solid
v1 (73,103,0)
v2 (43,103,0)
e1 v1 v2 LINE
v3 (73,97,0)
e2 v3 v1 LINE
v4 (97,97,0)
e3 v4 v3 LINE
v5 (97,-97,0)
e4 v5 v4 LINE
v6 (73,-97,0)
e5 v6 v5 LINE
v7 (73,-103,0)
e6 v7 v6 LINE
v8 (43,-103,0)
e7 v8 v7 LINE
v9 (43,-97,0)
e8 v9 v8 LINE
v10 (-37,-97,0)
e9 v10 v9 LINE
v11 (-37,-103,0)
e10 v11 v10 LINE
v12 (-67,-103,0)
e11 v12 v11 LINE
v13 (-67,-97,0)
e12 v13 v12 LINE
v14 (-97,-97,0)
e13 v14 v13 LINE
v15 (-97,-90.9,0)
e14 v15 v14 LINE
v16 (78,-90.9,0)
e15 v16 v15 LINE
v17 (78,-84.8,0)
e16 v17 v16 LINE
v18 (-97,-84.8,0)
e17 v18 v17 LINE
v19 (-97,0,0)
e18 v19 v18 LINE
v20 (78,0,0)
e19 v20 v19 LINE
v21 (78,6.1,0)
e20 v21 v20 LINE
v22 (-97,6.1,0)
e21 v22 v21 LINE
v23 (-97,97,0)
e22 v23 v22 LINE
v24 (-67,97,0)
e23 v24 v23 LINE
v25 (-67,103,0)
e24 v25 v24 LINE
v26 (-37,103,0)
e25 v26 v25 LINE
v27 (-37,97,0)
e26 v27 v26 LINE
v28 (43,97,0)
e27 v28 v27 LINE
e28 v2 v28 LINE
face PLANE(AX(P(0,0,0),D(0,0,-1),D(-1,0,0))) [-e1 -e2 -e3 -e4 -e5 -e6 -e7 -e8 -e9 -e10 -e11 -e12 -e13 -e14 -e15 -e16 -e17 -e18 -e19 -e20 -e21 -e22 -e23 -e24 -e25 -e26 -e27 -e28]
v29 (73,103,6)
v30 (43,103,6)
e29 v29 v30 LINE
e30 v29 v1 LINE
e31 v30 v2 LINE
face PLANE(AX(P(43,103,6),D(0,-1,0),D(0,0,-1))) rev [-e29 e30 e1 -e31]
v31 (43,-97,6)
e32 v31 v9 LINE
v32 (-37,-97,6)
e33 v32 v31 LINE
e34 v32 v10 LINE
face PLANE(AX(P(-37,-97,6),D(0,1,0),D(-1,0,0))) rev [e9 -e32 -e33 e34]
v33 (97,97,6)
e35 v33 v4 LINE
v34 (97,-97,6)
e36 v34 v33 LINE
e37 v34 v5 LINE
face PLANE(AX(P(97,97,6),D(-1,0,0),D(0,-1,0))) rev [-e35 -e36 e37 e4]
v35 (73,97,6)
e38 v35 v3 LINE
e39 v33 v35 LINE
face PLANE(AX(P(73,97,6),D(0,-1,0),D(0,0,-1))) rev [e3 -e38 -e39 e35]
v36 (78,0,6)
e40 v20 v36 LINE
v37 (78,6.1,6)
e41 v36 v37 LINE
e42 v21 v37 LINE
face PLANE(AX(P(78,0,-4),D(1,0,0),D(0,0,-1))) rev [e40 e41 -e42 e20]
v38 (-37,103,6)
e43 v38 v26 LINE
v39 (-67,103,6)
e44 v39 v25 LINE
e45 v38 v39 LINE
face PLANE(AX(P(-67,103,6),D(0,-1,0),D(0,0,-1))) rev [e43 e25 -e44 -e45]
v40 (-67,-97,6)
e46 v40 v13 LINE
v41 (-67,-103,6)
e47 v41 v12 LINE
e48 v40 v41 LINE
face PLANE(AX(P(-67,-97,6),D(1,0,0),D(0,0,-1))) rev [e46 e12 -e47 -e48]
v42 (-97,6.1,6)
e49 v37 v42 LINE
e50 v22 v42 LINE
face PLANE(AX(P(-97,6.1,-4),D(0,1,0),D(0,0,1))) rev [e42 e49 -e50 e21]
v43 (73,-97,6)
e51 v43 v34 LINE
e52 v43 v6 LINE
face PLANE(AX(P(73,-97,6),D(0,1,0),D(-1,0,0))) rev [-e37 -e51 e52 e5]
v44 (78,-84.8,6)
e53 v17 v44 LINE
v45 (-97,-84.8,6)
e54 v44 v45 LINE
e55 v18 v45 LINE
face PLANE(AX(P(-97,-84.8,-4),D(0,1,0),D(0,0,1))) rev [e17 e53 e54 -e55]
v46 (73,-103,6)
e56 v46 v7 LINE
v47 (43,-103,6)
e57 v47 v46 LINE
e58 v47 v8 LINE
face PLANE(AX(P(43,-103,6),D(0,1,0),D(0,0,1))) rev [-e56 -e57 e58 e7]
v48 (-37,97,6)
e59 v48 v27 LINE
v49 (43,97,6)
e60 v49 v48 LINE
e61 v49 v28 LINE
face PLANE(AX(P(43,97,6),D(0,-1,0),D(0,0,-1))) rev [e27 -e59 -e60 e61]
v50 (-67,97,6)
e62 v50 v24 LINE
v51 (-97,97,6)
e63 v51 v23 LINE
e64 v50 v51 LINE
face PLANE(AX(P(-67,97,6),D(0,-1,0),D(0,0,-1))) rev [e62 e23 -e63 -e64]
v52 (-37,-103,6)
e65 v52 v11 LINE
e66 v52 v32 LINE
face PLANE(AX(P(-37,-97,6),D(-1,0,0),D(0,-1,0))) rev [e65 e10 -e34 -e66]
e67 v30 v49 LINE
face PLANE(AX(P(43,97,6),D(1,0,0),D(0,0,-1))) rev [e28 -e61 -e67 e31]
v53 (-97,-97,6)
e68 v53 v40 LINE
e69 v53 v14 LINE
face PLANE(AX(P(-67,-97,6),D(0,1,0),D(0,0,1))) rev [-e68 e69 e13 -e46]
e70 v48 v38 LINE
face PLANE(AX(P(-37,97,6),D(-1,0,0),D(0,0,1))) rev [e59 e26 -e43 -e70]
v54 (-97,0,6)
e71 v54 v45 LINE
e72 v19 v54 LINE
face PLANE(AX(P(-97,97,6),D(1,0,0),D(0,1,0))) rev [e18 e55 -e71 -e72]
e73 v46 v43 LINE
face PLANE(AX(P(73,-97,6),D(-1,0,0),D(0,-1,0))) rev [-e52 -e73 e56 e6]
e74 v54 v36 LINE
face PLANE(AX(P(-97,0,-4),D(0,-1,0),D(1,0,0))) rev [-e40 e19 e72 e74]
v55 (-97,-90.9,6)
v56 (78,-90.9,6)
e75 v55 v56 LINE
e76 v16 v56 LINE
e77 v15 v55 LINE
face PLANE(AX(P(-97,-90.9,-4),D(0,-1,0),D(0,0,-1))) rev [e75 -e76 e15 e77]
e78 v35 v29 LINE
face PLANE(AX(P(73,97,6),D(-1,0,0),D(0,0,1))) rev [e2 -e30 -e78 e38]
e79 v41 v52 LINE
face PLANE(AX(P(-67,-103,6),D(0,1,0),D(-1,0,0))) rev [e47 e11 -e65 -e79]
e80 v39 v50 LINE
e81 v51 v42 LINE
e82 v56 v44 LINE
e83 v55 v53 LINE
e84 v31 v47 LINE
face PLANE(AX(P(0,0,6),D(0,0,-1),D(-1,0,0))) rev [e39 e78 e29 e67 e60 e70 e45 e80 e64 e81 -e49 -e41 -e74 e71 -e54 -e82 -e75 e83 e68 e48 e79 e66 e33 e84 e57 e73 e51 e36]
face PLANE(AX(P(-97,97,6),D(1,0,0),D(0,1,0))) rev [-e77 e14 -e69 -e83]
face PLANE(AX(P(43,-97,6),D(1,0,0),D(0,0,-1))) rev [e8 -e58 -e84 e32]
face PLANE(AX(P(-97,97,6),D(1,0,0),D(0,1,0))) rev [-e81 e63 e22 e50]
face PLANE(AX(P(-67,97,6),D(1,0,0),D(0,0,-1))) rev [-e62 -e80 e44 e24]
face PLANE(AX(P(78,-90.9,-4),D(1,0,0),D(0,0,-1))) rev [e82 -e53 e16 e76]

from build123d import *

# Parameters (mm, degrees)
RESSALTO_EXTRUS_O1_DEPTH = 6
ESBO_O2_W                = 175
ESBO_O2_H                = 6.1
CORTE_EXTRUS_O1_DEPTH    = 10


with BuildPart() as part:
    # Esboço1 → Ressalto-extrusão1 (new body)
    with BuildSketch(Plane.XY):
        Polygon((-67, -97), (-97, -97), (-97, 97), (-67, 97), (-67, 103), (-37, 103), (-37, 97), (43, 97), (43, 103), (73, 103), (73, 97), (97, 97), (97, -97), (73, -97), (73, -103), (43, -103), (43, -97), (-37, -97), (-37, -103), (-67, -103), align=None)
    extrude(amount=RESSALTO_EXTRUS_O1_DEPTH)

    # Esboço2 → Corte-extrusão1 (cut)
    with BuildSketch(Plane.XY.offset(6)):
        with Locations((-9.5, 3.05)):
            Rectangle(ESBO_O2_W, ESBO_O2_H)
        with Locations((-9.5, -87.85)):
            Rectangle(ESBO_O2_W, ESBO_O2_H)
    extrude(amount=-CORTE_EXTRUS_O1_DEPTH, mode=Mode.SUBTRACT)


solid = part.part
